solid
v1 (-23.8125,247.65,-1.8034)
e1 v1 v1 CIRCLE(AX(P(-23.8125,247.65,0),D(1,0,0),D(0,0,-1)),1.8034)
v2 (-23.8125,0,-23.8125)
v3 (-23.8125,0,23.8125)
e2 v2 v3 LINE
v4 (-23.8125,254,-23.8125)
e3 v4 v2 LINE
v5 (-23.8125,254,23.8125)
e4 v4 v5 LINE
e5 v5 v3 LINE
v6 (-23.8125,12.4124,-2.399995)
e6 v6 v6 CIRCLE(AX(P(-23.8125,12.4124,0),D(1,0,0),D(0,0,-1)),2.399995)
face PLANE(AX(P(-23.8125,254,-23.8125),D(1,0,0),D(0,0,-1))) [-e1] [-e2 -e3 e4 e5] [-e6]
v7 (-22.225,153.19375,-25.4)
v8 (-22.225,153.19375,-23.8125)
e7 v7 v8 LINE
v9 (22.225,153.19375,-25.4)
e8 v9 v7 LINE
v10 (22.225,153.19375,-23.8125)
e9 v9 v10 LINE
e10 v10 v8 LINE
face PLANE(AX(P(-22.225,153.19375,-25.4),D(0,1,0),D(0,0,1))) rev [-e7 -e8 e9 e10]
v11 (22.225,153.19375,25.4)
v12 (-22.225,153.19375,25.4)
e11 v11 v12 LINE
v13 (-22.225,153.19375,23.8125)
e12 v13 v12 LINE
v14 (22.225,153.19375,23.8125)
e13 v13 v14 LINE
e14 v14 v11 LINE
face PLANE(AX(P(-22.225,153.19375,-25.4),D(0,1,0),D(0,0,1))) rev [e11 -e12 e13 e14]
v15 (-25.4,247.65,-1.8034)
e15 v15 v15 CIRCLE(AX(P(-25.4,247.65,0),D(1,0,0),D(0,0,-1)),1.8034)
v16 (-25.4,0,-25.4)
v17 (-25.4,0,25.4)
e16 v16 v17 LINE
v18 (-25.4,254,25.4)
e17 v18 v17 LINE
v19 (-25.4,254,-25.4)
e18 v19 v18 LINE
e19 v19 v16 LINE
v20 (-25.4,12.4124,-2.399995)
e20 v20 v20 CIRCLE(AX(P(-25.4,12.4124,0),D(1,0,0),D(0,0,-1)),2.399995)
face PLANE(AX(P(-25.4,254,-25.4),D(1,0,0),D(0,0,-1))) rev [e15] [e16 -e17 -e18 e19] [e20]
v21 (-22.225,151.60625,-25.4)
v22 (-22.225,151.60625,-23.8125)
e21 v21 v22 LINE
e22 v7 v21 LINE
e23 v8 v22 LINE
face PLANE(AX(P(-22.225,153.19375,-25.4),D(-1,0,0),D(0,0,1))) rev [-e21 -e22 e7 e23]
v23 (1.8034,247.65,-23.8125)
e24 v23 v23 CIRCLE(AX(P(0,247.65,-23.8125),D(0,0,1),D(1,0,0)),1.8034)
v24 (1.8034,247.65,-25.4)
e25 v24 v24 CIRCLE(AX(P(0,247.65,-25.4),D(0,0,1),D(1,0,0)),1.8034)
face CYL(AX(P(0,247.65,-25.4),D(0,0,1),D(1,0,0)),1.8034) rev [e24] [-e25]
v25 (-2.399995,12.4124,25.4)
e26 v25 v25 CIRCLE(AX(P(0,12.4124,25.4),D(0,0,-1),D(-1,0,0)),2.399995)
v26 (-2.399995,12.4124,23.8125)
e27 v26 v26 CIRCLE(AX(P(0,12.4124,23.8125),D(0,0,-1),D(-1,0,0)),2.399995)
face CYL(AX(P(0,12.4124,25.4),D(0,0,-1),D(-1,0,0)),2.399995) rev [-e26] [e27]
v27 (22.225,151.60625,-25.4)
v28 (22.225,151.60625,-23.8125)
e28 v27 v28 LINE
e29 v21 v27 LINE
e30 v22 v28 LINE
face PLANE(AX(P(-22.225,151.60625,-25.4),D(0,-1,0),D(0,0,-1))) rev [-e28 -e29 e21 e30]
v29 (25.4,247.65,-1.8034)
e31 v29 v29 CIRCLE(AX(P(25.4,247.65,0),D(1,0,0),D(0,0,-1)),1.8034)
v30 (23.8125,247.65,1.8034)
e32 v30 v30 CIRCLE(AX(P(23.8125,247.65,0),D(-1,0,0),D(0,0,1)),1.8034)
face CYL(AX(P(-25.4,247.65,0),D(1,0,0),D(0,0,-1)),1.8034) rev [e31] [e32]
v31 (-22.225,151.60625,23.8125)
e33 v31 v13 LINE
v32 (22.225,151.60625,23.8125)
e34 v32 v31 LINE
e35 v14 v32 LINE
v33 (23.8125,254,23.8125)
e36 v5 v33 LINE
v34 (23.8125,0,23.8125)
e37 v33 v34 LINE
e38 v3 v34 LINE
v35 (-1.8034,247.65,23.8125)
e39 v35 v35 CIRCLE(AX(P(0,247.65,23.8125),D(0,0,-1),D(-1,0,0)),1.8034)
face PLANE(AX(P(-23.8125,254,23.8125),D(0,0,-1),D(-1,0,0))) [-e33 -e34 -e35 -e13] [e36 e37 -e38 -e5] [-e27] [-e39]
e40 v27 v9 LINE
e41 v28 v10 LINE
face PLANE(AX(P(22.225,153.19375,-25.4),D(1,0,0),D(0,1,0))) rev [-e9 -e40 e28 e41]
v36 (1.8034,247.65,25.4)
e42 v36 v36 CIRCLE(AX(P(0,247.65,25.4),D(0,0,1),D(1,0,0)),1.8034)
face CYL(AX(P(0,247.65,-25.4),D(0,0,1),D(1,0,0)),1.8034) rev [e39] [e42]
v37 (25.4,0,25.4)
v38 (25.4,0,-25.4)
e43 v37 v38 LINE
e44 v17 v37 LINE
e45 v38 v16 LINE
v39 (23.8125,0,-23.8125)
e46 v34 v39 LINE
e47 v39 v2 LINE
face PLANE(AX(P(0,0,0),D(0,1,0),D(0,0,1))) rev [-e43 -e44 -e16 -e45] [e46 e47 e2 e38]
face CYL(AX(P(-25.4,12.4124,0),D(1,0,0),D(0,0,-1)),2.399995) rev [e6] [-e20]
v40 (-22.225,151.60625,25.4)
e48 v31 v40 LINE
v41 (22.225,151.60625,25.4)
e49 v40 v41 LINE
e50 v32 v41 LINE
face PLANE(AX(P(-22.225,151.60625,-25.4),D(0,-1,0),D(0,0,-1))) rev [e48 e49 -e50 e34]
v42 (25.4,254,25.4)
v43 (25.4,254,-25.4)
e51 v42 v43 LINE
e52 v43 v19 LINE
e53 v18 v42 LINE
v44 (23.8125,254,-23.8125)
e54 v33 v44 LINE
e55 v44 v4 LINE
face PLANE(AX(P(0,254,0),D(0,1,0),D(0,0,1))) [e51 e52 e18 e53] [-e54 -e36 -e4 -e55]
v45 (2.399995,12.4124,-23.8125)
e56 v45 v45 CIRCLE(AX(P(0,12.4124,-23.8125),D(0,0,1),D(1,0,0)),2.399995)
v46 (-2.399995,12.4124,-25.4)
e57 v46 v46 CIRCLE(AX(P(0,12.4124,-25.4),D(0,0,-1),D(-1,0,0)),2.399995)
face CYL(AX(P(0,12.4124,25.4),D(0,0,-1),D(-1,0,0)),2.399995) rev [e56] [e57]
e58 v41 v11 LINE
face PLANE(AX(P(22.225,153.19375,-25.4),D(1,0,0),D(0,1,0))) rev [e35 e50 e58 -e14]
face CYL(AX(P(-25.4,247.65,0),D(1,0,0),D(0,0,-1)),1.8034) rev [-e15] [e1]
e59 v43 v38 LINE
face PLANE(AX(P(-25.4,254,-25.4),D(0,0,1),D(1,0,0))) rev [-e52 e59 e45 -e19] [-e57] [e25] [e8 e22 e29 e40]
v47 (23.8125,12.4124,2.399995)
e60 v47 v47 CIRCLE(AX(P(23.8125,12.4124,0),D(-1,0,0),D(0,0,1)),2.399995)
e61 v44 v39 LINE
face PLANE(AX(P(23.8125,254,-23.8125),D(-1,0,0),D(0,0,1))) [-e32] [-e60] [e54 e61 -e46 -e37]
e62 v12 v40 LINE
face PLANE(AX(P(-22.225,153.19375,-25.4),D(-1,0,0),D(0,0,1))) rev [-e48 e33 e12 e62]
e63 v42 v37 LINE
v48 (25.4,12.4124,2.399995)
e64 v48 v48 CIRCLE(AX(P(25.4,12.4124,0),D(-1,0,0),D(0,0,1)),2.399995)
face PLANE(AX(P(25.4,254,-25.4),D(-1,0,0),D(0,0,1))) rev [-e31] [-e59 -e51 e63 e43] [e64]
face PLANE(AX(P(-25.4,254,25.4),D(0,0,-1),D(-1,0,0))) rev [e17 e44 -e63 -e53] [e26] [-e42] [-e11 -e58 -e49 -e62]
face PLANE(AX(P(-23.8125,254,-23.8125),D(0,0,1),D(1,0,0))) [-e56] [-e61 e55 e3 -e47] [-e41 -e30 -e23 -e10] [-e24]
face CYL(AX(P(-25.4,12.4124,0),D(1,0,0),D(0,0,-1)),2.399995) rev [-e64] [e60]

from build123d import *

# Parameters (mm, degrees)
SKETCH1_W               = 50.8
SKETCH1_H               = 50.8
SKETCH1_W_2             = 47.625
SKETCH1_H_2             = 47.625
BOSS_EXTRUDE1_DEPTH     = 254
SKETCH6_R               = 2.3999952
CUT_EXTRUDE3_DEPTH      = 1
CUT_EXTRUDE3_DEPTH_BACK = 51.8
SKETCH7_R               = 2.3999952
CUT_EXTRUDE4_DEPTH      = 1
CUT_EXTRUDE4_DEPTH_BACK = 51.8
SKETCH8_R               = 1.8034
CUT_EXTRUDE5_DEPTH      = 51.8
SKETCH9_R               = 1.8034
CUT_EXTRUDE6_DEPTH      = 51.8
SKETCH10_W              = 44.45
SKETCH10_H              = 1.5875
CUT_EXTRUDE7_DEPTH      = 51.8


with BuildPart() as part:
    # Sketch1 → Boss-Extrude1 (new body)
    with BuildSketch(Plane(origin=(0, 0, 0), x_dir=(1, 0, 0), z_dir=(0, 1, 0))):
        Rectangle(SKETCH1_W, SKETCH1_H)
        Rectangle(SKETCH1_W_2, SKETCH1_H_2, mode=Mode.SUBTRACT)
    extrude(amount=BOSS_EXTRUDE1_DEPTH)

    # Sketch6 → Cut-Extrude3 (cut, two sides)
    with BuildSketch(Plane(origin=(25.4, 0, 0), x_dir=(0, 0, -1), z_dir=(1, 0, 0))) as cut_extrude3_sk:
        with Locations((0, 12.412400118)):
            Circle(SKETCH6_R)
    extrude(amount=CUT_EXTRUDE3_DEPTH, mode=Mode.SUBTRACT)
    extrude(cut_extrude3_sk.sketch, amount=-CUT_EXTRUDE3_DEPTH_BACK, mode=Mode.SUBTRACT)

    # Sketch7 → Cut-Extrude4 (cut, two sides)
    with BuildSketch(Plane(origin=(0, 0, -25.4), x_dir=(-1, 0, 0), z_dir=(0, 0, -1))) as cut_extrude4_sk:
        with Locations((0, 12.412400118)):
            Circle(SKETCH7_R)
    extrude(amount=CUT_EXTRUDE4_DEPTH, mode=Mode.SUBTRACT)
    extrude(cut_extrude4_sk.sketch, amount=-CUT_EXTRUDE4_DEPTH_BACK, mode=Mode.SUBTRACT)

    # Sketch8 → Cut-Extrude5 (cut, through all)
    with BuildSketch(Plane(origin=(25.4, 0, 0), x_dir=(0, 0, -1), z_dir=(1, 0, 0))):
        with Locations((0, 247.65)):
            Circle(SKETCH8_R)
    extrude(amount=-CUT_EXTRUDE5_DEPTH, mode=Mode.SUBTRACT)

    # Sketch9 → Cut-Extrude6 (cut, through all)
    with BuildSketch(Plane.XY.offset(25.4)):
        with Locations((0, 247.65)):
            Circle(SKETCH9_R)
    extrude(amount=-CUT_EXTRUDE6_DEPTH, mode=Mode.SUBTRACT)

    # Sketch10 → Cut-Extrude7 (cut, through all)
    with BuildSketch(Plane.XY.offset(25.4)):
        with Locations((0, 152.4)):
            Rectangle(SKETCH10_W, SKETCH10_H)
    extrude(amount=-CUT_EXTRUDE7_DEPTH, mode=Mode.SUBTRACT)


solid = part.part
